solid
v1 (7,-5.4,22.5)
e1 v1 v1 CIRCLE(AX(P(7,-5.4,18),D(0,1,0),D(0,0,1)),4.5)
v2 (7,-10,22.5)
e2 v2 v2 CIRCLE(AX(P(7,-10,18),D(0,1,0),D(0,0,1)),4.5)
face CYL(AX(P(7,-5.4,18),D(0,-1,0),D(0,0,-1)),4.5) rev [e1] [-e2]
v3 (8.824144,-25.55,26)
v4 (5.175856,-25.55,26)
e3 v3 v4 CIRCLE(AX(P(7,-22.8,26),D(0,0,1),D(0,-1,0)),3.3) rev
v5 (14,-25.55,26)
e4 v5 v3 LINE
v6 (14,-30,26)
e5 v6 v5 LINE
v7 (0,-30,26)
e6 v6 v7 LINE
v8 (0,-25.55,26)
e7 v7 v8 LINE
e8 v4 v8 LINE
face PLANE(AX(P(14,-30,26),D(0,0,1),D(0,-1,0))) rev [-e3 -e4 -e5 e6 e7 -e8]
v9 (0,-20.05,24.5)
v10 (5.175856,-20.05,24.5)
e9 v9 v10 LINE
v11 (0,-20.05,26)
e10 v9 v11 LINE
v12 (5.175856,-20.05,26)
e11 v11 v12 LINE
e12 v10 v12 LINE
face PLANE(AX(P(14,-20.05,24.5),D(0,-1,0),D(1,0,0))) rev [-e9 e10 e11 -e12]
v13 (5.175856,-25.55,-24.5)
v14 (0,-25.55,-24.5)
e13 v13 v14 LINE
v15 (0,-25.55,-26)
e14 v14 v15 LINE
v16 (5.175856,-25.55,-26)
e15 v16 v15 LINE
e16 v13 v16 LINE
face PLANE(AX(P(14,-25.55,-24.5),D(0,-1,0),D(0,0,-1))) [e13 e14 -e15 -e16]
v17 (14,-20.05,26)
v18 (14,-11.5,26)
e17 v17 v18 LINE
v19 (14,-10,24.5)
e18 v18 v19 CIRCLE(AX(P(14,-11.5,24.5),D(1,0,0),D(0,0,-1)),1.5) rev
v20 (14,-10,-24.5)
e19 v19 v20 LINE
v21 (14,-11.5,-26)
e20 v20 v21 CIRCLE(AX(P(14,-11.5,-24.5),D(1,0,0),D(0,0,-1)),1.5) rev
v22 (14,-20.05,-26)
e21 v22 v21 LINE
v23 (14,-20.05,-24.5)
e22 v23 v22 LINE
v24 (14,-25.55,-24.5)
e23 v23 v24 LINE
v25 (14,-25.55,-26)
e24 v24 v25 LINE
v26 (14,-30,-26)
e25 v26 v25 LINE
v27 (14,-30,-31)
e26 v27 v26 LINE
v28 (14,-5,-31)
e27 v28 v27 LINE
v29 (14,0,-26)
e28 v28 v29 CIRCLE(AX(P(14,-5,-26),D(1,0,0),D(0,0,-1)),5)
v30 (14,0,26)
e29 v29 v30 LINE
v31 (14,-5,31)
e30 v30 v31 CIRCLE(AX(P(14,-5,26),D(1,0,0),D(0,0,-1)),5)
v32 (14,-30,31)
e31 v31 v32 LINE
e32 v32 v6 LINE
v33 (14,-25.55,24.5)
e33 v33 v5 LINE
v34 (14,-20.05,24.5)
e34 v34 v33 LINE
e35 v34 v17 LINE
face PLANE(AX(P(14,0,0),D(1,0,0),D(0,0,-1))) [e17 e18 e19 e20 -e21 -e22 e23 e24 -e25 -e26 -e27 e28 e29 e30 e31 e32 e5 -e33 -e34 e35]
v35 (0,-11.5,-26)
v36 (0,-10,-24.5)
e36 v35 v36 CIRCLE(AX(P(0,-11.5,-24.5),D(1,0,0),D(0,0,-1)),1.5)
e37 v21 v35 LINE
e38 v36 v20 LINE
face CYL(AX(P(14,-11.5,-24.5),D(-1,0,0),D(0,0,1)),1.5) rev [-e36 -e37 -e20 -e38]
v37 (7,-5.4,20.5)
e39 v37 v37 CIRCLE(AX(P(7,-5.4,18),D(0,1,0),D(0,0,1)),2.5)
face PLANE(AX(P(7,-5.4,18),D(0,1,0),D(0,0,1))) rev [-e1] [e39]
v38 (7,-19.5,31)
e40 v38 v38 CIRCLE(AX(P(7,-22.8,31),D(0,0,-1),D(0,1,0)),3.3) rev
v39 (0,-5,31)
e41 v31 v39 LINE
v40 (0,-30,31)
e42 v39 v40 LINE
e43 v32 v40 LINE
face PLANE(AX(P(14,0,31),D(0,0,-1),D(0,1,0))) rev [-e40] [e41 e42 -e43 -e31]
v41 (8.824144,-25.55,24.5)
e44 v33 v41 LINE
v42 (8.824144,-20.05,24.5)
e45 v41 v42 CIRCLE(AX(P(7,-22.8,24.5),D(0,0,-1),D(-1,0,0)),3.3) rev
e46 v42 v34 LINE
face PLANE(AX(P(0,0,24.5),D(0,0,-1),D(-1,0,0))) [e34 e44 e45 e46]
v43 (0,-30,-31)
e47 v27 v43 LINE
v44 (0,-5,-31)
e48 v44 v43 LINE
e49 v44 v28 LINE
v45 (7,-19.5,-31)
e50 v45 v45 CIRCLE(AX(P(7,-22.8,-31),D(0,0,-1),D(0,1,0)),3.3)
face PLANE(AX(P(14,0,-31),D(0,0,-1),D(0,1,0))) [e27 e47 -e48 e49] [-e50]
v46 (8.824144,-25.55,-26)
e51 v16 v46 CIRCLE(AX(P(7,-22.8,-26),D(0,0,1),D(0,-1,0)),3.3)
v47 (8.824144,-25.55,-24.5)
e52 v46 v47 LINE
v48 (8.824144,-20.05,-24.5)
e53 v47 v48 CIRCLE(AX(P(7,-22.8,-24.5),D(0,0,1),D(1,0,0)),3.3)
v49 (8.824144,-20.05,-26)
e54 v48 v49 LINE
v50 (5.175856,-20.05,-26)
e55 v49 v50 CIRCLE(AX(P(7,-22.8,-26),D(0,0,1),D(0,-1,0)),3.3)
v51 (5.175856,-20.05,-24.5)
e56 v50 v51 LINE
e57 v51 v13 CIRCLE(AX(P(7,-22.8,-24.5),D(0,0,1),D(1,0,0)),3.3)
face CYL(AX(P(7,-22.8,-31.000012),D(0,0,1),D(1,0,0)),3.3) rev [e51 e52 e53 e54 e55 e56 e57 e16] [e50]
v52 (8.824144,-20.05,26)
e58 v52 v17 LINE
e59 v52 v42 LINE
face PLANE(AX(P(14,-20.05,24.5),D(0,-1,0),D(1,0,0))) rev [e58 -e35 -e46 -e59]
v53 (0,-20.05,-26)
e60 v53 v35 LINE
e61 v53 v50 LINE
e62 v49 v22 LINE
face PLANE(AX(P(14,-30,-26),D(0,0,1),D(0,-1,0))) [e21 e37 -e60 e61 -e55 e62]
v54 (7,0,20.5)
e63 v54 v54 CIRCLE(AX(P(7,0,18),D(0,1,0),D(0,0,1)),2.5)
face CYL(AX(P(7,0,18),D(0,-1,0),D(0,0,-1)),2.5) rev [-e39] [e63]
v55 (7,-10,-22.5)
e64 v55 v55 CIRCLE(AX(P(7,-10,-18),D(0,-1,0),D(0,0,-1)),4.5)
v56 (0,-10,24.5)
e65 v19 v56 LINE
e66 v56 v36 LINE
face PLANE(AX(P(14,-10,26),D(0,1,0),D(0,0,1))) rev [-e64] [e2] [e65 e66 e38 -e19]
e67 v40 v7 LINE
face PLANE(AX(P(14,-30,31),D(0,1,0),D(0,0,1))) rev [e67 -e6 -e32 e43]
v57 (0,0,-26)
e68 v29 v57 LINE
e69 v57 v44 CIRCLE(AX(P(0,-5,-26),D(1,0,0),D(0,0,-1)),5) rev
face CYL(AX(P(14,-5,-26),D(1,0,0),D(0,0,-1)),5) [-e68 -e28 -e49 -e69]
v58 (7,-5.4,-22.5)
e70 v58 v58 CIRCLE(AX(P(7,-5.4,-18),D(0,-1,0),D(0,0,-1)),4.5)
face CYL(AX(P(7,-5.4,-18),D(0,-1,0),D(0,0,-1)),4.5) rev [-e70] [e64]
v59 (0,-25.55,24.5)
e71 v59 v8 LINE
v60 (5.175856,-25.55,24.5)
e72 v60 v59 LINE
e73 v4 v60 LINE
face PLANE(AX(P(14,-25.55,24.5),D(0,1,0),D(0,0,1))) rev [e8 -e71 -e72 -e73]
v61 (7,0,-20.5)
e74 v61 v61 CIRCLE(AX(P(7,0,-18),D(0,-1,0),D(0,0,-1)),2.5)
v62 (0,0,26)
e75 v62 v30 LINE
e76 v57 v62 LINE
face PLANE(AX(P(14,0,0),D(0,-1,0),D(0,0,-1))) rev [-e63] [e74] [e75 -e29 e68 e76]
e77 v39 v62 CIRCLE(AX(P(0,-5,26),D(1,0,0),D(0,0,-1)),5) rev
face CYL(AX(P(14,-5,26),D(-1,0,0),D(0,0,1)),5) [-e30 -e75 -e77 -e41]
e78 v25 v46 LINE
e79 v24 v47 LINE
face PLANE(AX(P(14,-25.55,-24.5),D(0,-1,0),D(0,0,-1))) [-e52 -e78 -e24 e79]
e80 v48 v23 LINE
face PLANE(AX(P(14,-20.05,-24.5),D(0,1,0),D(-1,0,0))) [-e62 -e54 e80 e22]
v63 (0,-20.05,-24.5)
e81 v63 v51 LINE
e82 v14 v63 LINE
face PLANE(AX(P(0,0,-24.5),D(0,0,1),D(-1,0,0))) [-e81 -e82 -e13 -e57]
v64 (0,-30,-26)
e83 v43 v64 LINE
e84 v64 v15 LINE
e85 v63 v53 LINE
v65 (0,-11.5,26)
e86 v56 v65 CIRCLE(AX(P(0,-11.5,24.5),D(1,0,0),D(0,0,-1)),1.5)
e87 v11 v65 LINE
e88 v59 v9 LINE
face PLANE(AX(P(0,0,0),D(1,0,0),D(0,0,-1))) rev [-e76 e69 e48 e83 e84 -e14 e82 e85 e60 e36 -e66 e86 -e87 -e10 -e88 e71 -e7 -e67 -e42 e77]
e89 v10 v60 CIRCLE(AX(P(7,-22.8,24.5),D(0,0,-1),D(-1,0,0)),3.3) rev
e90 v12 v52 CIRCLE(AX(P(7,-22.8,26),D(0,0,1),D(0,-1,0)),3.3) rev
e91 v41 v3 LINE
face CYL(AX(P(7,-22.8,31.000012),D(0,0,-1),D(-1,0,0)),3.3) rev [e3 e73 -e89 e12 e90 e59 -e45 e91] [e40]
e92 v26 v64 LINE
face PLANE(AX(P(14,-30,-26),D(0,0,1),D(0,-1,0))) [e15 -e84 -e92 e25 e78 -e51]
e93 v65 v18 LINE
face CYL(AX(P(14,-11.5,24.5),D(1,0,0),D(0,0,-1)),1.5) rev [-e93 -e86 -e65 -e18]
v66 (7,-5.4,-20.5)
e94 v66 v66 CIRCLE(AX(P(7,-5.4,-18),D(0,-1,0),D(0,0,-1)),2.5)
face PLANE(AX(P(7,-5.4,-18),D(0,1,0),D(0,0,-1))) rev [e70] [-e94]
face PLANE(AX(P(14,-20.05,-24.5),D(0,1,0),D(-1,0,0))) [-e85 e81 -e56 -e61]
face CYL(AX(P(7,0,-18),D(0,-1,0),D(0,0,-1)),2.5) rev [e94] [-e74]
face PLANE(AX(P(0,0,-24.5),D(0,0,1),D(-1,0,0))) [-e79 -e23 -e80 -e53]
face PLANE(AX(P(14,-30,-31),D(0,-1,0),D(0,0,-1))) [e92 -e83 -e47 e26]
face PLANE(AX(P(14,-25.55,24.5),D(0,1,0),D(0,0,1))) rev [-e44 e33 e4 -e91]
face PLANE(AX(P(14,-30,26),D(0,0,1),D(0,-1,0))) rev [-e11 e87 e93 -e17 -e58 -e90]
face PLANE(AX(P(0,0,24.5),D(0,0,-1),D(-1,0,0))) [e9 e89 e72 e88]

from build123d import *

# Parameters (mm, degrees)
BOSS_EXTRUDE1_DEPTH  = 14
SKETCH4_W            = 14
SKETCH4_H            = 5.5
BOSS_EXTRUDE3_DEPTH  = 1.5
CUT_EXTRUDE1_START   = -6.5
SKETCH2_R            = 3.3
CUT_EXTRUDE1_DEPTH   = 6.5
FILLET1_R            = 5
FILLET2_R            = 1.5
SKETCH7_R            = 2.5
CUT_EXTRUDE4_DEPTH   = 11
SKETCH7_3_R          = 4.5
SKETCH7_3_R_2        = 2.5
CUT_EXTRUDE5_DEPTH   = 4.6
FILLET1_OF_MIRROR1_R = 5
FILLET2_OF_MIRROR1_R = 1.5


with BuildPart() as part:
    # Sketch1 → Boss-Extrude1 (new body)
    with BuildSketch(Plane(origin=(0, 0, 0), x_dir=(0, 0, -1), z_dir=(1, 0, 0))):
        Polygon((0, 0), (-31, 0), (-31, -30), (-26, -30), (-26, -10), (0, -10), align=None)
    boss_extrude1 = extrude(amount=BOSS_EXTRUDE1_DEPTH)

    # Sketch4 → Boss-Extrude3 (add)
    with BuildSketch(Plane(origin=(0, 0, 26), x_dir=(-1, 0, 0), z_dir=(0, 0, -1))):
        with Locations((-7, -22.8)):
            Rectangle(SKETCH4_W, SKETCH4_H)
    boss_extrude3 = extrude(amount=BOSS_EXTRUDE3_DEPTH)

    # Sketch2 → Cut-Extrude1 (cut)
    with BuildSketch(Plane.XY.offset(31).offset(CUT_EXTRUDE1_START)):
        with Locations((7, -22.8)):
            Circle(SKETCH2_R)
    cut_extrude1 = extrude(amount=CUT_EXTRUDE1_DEPTH, mode=Mode.SUBTRACT)

    # Fillet1
    fillet1_edges = [part.edges().sort_by_distance(p)[0] for p in [
        (7, 0, 31),
    ]]
    fillet(fillet1_edges, radius=FILLET1_R)

    # Fillet2
    fillet2_edges = [part.edges().sort_by_distance(p)[0] for p in [
        (7, -10, 26),
    ]]
    fillet(fillet2_edges, radius=FILLET2_R)

    # Sketch7 → Cut-Extrude4 (cut, through all)
    with BuildSketch(Plane(origin=(0, -10, 0), x_dir=(1, 0, 0), z_dir=(0, 1, 0))):
        with Locations((7, -18)):
            Circle(SKETCH7_R)
    cut_extrude4 = extrude(amount=CUT_EXTRUDE4_DEPTH, mode=Mode.SUBTRACT)

    # Sketch7<3> → Cut-Extrude5 (cut)
    with BuildSketch(Plane(origin=(0, -10, 0), x_dir=(1, 0, 0), z_dir=(0, 1, 0))):
        with Locations((7, -18)):
            Circle(SKETCH7_3_R)
        with Locations((7, -18)):
            Circle(SKETCH7_3_R_2, mode=Mode.SUBTRACT)
    cut_extrude5 = extrude(amount=CUT_EXTRUDE5_DEPTH, mode=Mode.SUBTRACT)

    # Mirror1: Boss-Extrude1, Boss-Extrude3, Cut-Extrude1, Cut-Extrude4, Cut-Extrude5 across plane
    add(boss_extrude1.mirror(Plane.XY))
    add(boss_extrude3.mirror(Plane.XY))
    add(cut_extrude1.mirror(Plane.XY), mode=Mode.SUBTRACT)
    add(cut_extrude4.mirror(Plane.XY), mode=Mode.SUBTRACT)
    add(cut_extrude5.mirror(Plane.XY), mode=Mode.SUBTRACT)

    # Fillet1 of Mirror1
    fillet1_of_mirror1_edges = [part.edges().sort_by_distance(p)[0] for p in [
        (7, 0, -31),
    ]]
    fillet(fillet1_of_mirror1_edges, radius=FILLET1_OF_MIRROR1_R)

    # Fillet2 of Mirror1
    fillet2_of_mirror1_edges = [part.edges().sort_by_distance(p)[0] for p in [
        (7, -10, -26),
    ]]
    fillet(fillet2_of_mirror1_edges, radius=FILLET2_OF_MIRROR1_R)


solid = part.part
